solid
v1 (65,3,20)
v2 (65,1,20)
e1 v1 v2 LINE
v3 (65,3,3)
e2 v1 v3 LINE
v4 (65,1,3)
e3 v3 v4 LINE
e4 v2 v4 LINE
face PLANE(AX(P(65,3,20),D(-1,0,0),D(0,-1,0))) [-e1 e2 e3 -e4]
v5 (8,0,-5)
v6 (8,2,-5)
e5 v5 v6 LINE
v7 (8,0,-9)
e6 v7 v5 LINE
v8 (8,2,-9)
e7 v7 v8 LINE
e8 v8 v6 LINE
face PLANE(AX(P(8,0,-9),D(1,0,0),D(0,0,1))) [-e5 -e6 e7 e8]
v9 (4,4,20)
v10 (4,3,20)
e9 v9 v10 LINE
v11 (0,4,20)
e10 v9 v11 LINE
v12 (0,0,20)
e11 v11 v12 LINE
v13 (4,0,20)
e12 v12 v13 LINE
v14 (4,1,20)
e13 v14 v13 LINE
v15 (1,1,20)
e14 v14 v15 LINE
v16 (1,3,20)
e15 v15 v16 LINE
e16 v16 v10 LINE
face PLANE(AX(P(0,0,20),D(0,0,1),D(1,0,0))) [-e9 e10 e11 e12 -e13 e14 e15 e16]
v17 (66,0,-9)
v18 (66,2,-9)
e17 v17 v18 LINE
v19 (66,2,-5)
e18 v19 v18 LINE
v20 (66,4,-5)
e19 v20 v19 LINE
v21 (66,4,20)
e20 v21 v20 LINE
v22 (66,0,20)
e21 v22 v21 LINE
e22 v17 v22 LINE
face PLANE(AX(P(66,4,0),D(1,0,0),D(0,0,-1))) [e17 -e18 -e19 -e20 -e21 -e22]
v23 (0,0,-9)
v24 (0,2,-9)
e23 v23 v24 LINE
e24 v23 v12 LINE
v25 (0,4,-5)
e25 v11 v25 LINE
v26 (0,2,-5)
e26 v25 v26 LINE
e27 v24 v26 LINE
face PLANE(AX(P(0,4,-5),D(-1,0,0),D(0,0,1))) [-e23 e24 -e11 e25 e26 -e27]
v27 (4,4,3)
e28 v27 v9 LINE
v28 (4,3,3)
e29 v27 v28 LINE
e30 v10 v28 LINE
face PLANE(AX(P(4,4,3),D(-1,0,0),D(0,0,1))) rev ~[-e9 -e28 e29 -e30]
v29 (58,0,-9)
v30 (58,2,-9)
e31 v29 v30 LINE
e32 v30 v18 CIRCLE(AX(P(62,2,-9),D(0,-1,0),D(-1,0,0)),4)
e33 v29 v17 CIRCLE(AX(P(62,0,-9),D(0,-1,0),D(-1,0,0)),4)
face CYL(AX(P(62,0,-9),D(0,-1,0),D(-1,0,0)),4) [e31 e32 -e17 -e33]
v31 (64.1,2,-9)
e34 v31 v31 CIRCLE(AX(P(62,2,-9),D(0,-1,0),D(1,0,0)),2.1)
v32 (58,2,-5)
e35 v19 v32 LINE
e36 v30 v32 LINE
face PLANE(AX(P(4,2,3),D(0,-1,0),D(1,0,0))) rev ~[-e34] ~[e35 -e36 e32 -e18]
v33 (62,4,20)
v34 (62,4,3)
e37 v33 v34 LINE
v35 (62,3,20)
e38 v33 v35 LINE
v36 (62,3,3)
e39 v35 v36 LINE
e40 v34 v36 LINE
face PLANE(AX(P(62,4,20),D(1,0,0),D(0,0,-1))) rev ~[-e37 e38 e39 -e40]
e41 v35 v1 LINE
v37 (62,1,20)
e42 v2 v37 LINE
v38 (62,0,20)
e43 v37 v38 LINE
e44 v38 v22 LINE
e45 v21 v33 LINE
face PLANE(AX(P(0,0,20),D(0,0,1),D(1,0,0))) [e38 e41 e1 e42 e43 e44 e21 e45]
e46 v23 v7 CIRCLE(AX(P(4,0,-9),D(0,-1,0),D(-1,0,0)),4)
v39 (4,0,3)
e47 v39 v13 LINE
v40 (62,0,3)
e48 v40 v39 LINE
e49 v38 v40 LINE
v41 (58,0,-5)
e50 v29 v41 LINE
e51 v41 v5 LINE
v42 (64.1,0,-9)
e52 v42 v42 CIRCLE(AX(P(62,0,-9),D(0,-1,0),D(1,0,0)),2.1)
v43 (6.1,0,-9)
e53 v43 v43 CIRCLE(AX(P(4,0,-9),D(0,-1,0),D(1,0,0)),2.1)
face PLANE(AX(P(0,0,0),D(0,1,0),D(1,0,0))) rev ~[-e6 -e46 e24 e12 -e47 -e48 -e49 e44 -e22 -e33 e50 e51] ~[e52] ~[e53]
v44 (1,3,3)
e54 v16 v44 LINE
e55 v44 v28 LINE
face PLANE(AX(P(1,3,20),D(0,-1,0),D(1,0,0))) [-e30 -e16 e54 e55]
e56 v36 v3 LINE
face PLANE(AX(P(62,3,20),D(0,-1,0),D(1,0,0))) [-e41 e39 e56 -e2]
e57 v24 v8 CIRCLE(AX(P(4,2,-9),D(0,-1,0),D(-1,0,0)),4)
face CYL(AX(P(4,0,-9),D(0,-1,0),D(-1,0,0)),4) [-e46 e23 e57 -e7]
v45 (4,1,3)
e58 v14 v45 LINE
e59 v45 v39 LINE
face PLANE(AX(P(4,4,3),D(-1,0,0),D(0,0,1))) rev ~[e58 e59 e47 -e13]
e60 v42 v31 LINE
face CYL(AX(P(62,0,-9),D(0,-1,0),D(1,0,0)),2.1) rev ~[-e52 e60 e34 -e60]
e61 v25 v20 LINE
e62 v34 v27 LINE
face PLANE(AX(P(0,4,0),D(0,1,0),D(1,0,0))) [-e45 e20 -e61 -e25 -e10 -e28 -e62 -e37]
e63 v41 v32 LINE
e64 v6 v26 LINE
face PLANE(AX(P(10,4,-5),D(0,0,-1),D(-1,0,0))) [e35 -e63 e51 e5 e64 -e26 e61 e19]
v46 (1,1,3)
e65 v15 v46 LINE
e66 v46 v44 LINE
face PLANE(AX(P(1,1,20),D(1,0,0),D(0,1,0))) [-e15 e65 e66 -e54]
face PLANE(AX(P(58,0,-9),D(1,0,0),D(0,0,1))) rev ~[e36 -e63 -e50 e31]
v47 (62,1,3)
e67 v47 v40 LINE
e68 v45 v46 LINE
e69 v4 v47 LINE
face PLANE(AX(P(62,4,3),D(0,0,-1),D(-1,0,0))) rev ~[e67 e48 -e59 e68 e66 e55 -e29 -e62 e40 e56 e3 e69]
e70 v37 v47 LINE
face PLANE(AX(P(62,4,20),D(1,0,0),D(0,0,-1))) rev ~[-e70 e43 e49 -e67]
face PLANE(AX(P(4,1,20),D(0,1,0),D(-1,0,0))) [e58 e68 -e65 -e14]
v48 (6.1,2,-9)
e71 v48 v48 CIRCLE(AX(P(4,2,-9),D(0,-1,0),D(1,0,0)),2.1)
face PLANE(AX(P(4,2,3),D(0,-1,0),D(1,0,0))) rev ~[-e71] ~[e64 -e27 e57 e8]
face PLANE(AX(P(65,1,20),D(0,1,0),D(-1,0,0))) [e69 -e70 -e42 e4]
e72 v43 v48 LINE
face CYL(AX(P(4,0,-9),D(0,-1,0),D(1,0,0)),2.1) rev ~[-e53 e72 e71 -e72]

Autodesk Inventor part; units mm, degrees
ref_plane "YZ Plane" through (0, 0, 0) normal (1, 0, 0) x (0, 1, 0)
ref_plane "XZ Plane" through (0, 0, 0) normal (0, 1, 0) x (-1, 0, 0)
sketch "Sketch1" plane through (0, 0, 0) normal (0, 0, 1) x (1, 0, 0)
  line L0 (0, 0) -> (66, 0)
  line L1 (66, 0) -> (66, 4)
  line L2 (66, 4) -> (0, 4)
  line L3 (0, 4) -> (0, 0)
  dimension "d0" = 66
  dimension "d1" = 4
extrude "Extrusion1" add sketch "Sketch1" along normal blind 20
sketch "Sketch2" plane through (0, 4, 0) normal (0, 1, 0) x (1, 0, 0)
  line L0 (0, -20) -> (66, -20) projected
  line L1 (4, -20) -> (62, -20)
  line L2 (62, -20) -> (62, -3)
  line L3 (62, -3) -> (4, -3)
  line L4 (4, -3) -> (4, -20)
  line L5 (0, 0) -> (0, -20) projected
  dimension "d4" = 58
  dimension "d5" = 17
  dimension "d6" = 4
extrude "Extrusion2" cut sketch "Sketch2" against normal blind 20
ref_plane "Work Plane1" through (0, 0, 20) normal (0, 0, 1) x (1, 0, 0)
sketch "Sketch3" plane through (0, 0, 20) normal (0, 0, 1) x (1, 0, 0)
  line L0 (4, 0) -> (4, 4) projected
  line L1 (4, 4) -> (0, 4) projected
  line L2 (0, 4) -> (0, 0) projected
  line L3 (0, 0) -> (4, 0) projected
  line L4 (62, 4) -> (62, 0) projected
  line L5 (62, 0) -> (66, 0) projected
  line L6 (66, 0) -> (66, 4) projected
  line L7 (66, 4) -> (62, 4) projected
  line L8 (4, 0) -> (1, 0)
  line L9 (4, 1) -> (4, 0)
  line L10 (1, 3) -> (4, 3)
  line L11 (4, 3) -> (4, 1)
  line L12 (4, 1) -> (1, 1)
  line L13 (1, 1) -> (1, 3)
  line L14 (62, 3) -> (65, 3)
  line L15 (65, 3) -> (65, 1)
  line L16 (65, 1) -> (62, 1)
  line L17 (62, 1) -> (62, 3)
  dimension "d30" = 3
  dimension "d31" = 2
  dimension "d32" = 1
  dimension "d33" = 4
  dimension "d34" = 3
  dimension "d35" = 2
  dimension "d36" = 1
  dimension "d37" = 4
extrude "Extrusion3" cut sketch "Sketch3" against normal blind 17 contours L12 L13 L10 L0 | L14 L15 L16 L4
sketch "Sketch4" plane through (0, 4, 0) normal (0, 1, 0) x (1, 0, 0)
  line L0 (0, 0) -> (66, 0)
  line L1 (60, 5) -> (10, 5)
  line L2 (0, 5) -> (0, 0)
  line L3 (60, 5) -> (66, 5)
  line L4 (60, 5) -> (0, 5)
  line L5 (4, -20) -> (4, -3) projected
  line L6 (4, -3) -> (62, -3) projected
  line L7 (62, -3) -> (62, -20) projected
  line L8 (66, -20) -> (62, -20) projected
  line L9 (66, 0) -> (66, -20) projected
  line L10 (66, 0) -> (0, 0) projected
  line L11 (0, 0) -> (0, -20) projected
  line L12 (4, -20) -> (0, -20) projected
  line L13 (66, 0) -> (66, 5)
  point P0 (66.0117, 5)
extrude "Extrusion5" add sketch "Sketch4" against normal blind 4 contours L2 L4 L1 L3 L13 L0
sketch "Sketch6" plane through (4, 0, 3) normal (0, -1, 0) x (1, 0, 0)
  circle A0 centre (58, -12) radius 2.1
  arc A1 (54, -12) -> (62, -12) centre (58, -12) ccw
  line L0 (54, -12) -> (54, -8)
  arc A2 (-4, -12) -> (4, -12) centre (0, -12) ccw
  circle A3 centre (0, -12) radius 2.1
  line L1 (4, -12) -> (4, -8)
  line L2 (-4, -12) -> (-4, -8)
  line L3 (62, -8) -> (62, 17) projected
  line L4 (62, -8) -> (-4, -8) projected
  line L5 (62, -8) -> (62, 17) projected
  line L6 (62, -8) -> (62, -12)
  line L7 (-4, 17) -> (-4, -8) projected
  dimension "d40" = 4.2
  dimension "d41" = 8
  dimension "d44" = 8
  dimension "d45" = 4.2
  dimension "d53" = 4
  dimension "d54" = 4
  dimension "d55" = 4
  dimension "d56" = 4
extrude "Extrusion6" add sketch "Sketch6" against normal blind 2
properties part number "Electronics-Wedge"
